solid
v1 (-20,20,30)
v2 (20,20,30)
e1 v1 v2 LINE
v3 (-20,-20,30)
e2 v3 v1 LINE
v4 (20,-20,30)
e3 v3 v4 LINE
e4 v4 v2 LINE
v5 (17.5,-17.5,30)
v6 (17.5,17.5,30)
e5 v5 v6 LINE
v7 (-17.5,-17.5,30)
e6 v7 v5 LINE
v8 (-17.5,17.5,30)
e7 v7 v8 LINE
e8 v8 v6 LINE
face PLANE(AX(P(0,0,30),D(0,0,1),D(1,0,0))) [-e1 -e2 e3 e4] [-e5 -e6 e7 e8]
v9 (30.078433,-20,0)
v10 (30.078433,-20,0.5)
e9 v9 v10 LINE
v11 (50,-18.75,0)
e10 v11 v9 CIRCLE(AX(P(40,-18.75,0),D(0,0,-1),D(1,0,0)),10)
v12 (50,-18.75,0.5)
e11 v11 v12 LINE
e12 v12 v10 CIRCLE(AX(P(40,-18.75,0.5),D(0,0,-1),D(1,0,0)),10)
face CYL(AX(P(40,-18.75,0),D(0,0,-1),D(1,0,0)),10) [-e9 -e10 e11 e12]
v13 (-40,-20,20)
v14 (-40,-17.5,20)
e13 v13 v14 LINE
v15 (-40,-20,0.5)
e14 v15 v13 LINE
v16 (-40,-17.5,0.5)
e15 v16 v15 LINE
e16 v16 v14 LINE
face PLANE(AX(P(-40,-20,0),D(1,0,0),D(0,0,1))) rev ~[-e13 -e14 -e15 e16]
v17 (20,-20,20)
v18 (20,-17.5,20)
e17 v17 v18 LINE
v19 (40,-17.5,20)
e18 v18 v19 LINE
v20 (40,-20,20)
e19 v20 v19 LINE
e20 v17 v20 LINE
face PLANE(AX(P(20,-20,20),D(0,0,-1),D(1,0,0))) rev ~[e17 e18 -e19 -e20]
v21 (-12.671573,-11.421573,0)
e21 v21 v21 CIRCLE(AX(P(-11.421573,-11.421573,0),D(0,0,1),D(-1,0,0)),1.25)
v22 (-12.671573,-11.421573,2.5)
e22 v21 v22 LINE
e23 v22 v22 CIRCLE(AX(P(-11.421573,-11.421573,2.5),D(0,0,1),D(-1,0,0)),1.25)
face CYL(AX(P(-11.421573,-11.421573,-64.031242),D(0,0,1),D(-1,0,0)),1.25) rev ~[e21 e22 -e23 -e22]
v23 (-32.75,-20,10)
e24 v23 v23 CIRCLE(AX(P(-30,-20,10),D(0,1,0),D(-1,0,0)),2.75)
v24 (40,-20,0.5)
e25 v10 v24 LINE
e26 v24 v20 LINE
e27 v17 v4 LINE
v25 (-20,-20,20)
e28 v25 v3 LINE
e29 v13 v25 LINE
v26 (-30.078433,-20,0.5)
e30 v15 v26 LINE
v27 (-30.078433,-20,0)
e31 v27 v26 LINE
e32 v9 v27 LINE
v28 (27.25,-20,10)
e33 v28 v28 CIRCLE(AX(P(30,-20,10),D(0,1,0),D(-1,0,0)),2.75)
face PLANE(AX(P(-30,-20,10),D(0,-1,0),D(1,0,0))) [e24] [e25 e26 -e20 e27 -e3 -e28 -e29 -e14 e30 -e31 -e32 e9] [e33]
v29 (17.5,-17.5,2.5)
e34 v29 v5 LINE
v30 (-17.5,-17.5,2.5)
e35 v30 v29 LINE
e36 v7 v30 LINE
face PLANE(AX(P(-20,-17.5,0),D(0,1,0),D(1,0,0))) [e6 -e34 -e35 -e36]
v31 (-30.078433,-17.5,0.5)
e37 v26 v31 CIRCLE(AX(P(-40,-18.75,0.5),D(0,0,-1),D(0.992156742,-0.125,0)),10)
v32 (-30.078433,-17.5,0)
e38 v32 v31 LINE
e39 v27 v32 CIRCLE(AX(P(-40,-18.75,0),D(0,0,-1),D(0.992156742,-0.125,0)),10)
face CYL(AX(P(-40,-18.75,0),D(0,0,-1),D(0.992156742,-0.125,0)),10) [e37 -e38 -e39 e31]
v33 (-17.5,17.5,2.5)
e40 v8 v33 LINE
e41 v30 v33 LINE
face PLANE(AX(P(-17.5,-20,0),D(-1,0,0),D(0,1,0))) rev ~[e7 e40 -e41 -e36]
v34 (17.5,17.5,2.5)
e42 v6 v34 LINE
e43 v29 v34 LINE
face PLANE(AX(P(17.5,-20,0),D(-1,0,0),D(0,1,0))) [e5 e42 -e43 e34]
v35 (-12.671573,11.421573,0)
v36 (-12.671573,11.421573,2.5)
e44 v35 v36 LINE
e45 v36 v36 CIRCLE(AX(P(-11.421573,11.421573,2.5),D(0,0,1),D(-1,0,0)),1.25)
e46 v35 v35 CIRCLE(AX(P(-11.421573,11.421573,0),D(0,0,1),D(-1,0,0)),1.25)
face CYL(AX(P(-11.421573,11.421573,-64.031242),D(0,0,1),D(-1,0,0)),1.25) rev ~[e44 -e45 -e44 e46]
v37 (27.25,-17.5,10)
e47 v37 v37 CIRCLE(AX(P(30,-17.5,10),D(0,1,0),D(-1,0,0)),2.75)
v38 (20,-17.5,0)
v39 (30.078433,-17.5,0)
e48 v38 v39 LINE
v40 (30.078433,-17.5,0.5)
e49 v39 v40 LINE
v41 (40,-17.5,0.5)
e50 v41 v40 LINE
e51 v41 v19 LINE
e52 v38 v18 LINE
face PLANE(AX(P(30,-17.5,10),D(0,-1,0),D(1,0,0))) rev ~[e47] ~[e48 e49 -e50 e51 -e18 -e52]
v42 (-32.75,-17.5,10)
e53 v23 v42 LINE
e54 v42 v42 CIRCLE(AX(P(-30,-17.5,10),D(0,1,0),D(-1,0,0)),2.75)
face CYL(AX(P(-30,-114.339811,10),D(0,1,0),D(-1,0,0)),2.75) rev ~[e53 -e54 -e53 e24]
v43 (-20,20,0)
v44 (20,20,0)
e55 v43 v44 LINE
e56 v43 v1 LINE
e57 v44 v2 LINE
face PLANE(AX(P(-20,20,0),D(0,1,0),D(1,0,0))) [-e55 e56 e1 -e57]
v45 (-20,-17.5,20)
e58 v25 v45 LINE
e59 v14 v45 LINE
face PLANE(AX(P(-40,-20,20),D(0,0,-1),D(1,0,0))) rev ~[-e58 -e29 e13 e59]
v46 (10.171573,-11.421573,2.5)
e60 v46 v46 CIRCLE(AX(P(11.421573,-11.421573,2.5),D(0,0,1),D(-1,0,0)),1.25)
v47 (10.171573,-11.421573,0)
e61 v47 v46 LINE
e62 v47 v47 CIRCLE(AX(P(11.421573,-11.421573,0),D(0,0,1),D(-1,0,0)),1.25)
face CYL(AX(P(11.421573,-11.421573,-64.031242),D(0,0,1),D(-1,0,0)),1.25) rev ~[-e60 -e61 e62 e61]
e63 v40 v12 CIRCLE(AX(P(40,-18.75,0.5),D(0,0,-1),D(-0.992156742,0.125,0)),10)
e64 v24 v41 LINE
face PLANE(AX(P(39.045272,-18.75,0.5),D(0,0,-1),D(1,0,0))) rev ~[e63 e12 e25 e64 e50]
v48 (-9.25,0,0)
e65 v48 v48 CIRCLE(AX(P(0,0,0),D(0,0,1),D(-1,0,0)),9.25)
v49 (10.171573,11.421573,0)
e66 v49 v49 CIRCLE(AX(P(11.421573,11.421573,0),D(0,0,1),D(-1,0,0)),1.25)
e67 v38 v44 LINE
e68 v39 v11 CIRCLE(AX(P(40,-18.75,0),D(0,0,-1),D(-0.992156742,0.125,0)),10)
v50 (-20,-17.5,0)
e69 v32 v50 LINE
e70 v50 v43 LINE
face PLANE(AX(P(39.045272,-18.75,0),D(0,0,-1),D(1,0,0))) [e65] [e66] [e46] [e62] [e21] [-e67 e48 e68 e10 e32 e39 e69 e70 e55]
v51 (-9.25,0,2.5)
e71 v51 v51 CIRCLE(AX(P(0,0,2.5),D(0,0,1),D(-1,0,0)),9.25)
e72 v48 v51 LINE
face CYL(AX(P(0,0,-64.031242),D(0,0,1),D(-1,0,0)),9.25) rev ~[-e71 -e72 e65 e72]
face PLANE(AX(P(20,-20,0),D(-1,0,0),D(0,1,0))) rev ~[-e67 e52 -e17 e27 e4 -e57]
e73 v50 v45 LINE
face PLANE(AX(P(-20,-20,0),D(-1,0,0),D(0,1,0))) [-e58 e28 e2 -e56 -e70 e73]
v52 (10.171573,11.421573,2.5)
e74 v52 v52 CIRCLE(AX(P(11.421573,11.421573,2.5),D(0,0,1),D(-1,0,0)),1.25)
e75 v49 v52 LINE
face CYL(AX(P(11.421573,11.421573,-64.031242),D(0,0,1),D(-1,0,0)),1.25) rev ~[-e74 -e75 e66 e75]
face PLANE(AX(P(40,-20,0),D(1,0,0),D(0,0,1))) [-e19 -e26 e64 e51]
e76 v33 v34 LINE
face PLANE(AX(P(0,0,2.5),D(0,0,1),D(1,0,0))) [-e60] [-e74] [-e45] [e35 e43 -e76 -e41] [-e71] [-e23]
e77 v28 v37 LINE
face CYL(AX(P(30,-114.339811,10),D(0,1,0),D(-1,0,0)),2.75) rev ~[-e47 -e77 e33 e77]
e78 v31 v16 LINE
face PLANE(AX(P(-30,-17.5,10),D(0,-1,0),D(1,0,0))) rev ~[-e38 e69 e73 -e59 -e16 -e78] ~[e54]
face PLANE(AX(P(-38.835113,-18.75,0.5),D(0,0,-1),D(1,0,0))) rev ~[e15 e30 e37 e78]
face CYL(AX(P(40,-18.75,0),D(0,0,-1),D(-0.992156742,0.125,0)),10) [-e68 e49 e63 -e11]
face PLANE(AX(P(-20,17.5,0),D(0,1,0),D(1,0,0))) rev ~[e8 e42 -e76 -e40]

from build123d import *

# Parameters (mm, degrees)
F0_W      = 40
F0_H      = 40
F1_DEPTH  = 30
F2_T      = -2.5
F4_D      = 2.5
F5_D      = 18.5
F6_W      = 20
F6_H      = 20
F7_DEPTH  = 2.5
F9_D      = 5.5
F11_DEPTH = 0.5


with BuildPart() as f1:
    # F0 (on Top) → F1 (new body)
    with BuildSketch(Plane.XY):
        Rectangle(F0_W, F0_H)
    extrude(amount=F1_DEPTH)

    # F2
    f2_openings = [f1.faces().sort_by_distance(p)[0] for p in [
        (0, 0, 30),
    ]]
    offset(amount=F2_T, openings=f2_openings)

    # F4 (through all)
    with Locations(Plane(origin=(0, 0, 0), x_dir=(1, 0, 0), z_dir=(0, 0, -1))):
        with Locations((-11.4215728753, 11.4215728753), (11.4215728753, 11.4215728753), (-11.4215728753, -11.4215728753), (11.4215728753, -11.4215728753)):
            Hole(F4_D / 2)

    # F5 (through all)
    with Locations(Plane(origin=(0, 0, 0), x_dir=(1, 0, 0), z_dir=(0, 0, -1))):
        with Locations((0, 0)):
            Hole(F5_D / 2)

    # F6 (on face) → F7 (join)
    with BuildSketch(Plane.XZ.offset(20)):
        with Locations((-30, 10)):
            Rectangle(F6_W, F6_H)
        with Locations((30, 10)):
            Rectangle(F6_W, F6_H)
    extrude(amount=-F7_DEPTH)

    # F9 (through all)
    with Locations(Plane.XZ.offset(20)):
        with Locations((-30, 10), (30, 10)):
            Hole(F9_D / 2)

    # F10 (on face) → F11 (join)
    with BuildSketch(Plane(origin=(0, 0, 0), x_dir=(1, 0, 0), z_dir=(0, 0, -1))):
        with BuildLine():
            ThreePointArc((50, 18.75), (40.6262291254, 28.7303725924), (30.0784325835, 20))
            Line((30.0784325835, 20), (40, 20))
            Line((40, 20), (40, 17.5))
            Line((40, 17.5), (30.0784325835, 17.5))
            ThreePointArc((30.0784325835, 17.5), (40.6262291254, 8.7696274076), (50, 18.75))
        make_face()
        with BuildLine():
            Line((-40, 20), (-30.0784325835, 20))
            ThreePointArc((-30.0784325835, 20), (-50, 18.75), (-30.0784325835, 17.5))
            Line((-30.0784325835, 17.5), (-40, 17.5))
            Line((-40, 17.5), (-40, 20))
        make_face()
    extrude(amount=-F11_DEPTH)


solid = f1.part
